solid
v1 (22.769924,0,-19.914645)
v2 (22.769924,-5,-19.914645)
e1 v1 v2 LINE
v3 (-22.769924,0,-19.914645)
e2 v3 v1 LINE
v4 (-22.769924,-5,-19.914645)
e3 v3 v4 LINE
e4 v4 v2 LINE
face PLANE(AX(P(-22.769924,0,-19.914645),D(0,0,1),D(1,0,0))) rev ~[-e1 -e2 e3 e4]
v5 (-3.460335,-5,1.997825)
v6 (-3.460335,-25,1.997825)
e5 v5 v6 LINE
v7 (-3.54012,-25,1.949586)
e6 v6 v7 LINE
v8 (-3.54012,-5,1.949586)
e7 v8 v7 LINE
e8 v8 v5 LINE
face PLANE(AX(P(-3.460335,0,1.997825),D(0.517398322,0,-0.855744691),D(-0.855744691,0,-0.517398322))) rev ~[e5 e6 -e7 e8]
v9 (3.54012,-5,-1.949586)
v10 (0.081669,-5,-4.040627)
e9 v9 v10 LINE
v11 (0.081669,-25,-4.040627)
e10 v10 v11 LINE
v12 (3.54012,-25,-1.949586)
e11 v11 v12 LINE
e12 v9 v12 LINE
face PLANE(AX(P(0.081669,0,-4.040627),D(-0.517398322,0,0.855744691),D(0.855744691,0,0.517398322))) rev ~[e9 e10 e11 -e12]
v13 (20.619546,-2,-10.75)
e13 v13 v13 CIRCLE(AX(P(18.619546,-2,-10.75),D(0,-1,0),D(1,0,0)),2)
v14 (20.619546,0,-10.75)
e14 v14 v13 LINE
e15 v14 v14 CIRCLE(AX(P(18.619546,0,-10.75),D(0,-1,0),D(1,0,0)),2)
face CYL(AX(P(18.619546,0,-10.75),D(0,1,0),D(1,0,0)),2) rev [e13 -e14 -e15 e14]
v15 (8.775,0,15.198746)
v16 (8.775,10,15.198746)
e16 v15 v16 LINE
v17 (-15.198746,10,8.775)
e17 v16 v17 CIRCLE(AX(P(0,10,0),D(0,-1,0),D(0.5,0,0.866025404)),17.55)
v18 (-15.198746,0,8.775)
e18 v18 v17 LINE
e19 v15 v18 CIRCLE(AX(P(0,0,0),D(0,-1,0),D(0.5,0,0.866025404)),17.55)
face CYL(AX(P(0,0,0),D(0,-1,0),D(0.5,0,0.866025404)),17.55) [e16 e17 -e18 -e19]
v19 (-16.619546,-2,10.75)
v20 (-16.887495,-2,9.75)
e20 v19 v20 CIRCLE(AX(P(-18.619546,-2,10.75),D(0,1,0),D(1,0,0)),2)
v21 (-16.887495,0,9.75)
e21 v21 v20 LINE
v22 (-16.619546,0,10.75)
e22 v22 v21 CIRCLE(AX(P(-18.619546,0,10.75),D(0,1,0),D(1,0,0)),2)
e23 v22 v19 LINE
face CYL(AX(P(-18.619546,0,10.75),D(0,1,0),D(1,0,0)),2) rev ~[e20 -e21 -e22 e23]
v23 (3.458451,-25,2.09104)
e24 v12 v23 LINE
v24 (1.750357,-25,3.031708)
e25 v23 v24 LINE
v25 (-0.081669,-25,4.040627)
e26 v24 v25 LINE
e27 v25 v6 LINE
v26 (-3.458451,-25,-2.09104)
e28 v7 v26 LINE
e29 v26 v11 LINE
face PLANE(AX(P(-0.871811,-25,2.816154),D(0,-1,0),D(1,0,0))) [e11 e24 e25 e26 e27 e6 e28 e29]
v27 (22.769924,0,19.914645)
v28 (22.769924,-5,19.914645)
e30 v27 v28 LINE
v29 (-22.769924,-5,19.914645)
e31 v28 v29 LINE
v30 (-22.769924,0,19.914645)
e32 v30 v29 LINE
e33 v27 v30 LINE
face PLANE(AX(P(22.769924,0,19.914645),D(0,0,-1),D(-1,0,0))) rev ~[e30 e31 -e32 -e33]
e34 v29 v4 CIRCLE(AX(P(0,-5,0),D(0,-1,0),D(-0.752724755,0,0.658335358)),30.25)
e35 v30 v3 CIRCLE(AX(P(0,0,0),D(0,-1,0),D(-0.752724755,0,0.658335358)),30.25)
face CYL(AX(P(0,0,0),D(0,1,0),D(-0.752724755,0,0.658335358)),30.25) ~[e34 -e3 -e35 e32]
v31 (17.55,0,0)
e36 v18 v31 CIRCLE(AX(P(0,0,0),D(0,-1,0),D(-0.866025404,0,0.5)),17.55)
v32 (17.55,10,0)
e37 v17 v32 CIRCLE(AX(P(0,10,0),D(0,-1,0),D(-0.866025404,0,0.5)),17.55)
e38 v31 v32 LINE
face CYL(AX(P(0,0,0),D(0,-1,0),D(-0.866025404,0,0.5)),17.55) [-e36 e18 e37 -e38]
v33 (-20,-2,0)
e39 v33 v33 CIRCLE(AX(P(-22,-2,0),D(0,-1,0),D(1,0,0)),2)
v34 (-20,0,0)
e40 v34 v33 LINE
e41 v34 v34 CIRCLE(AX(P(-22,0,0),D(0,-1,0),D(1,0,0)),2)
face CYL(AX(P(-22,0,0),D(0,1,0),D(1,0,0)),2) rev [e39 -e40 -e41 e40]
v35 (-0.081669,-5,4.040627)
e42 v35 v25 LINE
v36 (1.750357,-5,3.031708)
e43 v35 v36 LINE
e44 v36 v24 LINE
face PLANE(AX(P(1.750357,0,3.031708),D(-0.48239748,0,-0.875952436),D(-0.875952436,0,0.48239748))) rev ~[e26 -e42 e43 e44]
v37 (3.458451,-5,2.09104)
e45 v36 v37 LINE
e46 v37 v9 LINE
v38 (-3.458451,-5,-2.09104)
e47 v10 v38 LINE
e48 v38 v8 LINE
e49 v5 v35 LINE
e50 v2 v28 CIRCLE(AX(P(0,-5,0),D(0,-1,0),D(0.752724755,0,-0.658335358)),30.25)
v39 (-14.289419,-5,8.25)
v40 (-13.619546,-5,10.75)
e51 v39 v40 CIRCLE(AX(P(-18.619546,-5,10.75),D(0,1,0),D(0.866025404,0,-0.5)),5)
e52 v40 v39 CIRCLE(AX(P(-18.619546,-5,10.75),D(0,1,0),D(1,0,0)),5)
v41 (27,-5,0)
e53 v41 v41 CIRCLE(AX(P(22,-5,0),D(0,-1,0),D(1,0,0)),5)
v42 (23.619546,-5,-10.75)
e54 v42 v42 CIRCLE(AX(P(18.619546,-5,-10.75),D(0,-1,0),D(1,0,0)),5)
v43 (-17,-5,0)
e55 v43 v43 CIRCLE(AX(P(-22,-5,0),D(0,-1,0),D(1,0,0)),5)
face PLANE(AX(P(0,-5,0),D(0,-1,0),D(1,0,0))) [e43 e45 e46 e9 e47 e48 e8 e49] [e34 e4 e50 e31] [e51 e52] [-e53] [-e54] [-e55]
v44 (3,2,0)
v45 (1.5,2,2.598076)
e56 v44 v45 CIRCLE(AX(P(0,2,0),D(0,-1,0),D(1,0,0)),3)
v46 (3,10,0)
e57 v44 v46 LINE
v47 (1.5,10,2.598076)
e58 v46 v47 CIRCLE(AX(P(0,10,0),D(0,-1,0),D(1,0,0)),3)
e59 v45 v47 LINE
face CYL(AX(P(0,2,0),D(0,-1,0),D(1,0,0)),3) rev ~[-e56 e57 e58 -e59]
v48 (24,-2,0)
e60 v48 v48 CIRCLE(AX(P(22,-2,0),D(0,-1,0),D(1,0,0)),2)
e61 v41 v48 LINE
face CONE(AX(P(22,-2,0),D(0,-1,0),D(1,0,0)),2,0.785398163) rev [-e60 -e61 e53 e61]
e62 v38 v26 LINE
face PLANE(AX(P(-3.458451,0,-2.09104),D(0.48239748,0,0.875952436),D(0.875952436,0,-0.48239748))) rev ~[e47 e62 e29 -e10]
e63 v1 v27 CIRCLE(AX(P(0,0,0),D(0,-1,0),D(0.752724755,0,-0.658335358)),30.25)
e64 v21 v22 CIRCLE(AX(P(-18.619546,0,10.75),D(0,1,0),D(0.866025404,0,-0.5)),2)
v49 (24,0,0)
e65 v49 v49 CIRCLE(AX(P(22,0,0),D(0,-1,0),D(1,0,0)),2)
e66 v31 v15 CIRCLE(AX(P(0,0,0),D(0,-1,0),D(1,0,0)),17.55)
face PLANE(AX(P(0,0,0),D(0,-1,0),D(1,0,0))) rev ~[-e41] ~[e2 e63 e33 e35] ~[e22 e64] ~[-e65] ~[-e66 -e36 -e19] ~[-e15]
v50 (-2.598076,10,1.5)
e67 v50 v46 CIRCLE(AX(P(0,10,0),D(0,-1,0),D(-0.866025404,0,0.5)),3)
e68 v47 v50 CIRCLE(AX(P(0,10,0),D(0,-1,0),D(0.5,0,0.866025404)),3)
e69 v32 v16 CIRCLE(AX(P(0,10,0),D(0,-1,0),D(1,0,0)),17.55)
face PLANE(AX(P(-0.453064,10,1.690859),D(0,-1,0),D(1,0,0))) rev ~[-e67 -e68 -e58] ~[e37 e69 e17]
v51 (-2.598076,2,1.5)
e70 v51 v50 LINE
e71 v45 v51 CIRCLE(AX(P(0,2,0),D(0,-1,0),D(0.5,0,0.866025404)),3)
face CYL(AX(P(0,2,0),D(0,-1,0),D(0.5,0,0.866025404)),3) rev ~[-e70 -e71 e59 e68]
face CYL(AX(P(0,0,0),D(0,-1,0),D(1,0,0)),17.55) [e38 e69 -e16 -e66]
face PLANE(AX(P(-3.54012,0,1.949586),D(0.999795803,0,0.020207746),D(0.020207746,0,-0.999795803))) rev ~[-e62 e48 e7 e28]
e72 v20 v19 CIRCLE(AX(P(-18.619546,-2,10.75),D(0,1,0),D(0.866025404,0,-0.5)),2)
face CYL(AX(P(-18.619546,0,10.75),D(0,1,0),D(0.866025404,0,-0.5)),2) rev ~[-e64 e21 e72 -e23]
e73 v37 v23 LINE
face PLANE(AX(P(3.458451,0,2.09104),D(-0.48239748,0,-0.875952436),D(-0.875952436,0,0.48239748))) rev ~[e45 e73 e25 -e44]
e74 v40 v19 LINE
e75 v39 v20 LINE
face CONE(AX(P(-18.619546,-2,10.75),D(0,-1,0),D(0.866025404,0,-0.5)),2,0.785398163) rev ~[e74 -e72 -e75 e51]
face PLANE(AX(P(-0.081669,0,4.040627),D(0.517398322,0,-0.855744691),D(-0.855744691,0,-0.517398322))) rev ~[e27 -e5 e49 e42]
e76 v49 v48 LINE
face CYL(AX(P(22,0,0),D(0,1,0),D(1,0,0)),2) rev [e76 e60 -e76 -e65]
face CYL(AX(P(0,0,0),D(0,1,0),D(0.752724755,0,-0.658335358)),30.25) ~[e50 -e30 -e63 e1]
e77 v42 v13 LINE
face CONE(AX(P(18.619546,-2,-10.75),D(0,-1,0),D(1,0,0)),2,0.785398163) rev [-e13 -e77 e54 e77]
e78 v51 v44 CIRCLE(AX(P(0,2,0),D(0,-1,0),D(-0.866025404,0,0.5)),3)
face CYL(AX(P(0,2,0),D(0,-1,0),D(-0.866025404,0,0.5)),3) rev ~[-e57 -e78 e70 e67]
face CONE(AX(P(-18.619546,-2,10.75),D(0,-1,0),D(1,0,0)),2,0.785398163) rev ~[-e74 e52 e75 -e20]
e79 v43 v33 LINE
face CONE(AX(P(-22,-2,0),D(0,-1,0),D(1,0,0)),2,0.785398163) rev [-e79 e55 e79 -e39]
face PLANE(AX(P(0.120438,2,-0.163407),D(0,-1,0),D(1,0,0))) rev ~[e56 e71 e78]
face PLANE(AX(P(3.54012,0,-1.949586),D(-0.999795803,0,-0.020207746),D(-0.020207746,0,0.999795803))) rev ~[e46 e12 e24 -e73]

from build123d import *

# Parameters (mm, degrees)
F0_R          = 2
F1_DEPTH      = 5
F2_DEPTH      = 5
F2_DEPTH_BACK = 10
F3_SIZE       = 3
F4_DEPTH      = 25
F5_START      = -2
F5_DEPTH      = 8


with BuildPart() as f1:
    # F0 (on Front) → F1 (new body)
    with BuildSketch(Plane.XZ):
        with BuildLine():
            ThreePointArc((22.7699238258, -19.9146445855), (28.3183041135, -10.6365479426), (30.25, 0))
            ThreePointArc((30.25, 0), (28.3183041135, 10.6365479426), (22.7699238258, 19.9146445855))
            Line((22.7699238258, 19.9146445855), (-22.7699238258, 19.9146445855))
            ThreePointArc((-22.7699238258, 19.9146445855), (-30.25, 0), (-22.7699238258, -19.9146445855))
            Line((-22.7699238258, -19.9146445855), (22.7699238258, -19.9146445855))
        make_face()
        with Locations((18.6195461814, -10.75)):
            Circle(F0_R, mode=Mode.SUBTRACT)
        with Locations((-22, 0)):
            Circle(F0_R, mode=Mode.SUBTRACT)
        with BuildLine():
            ThreePointArc((-16.6195461814, 10.75), (-16.6876945288, 10.2323619098), (-16.8874953738, 9.75))
            ThreePointArc((-16.8874953738, 9.75), (-20.5513978339, 11.2676380902), (-16.6195461814, 10.75))
        make_face(mode=Mode.SUBTRACT)
        with BuildLine():
            ThreePointArc((8.775, 15.1987458364), (15.1987458364, 8.775), (17.55, 0))
            ThreePointArc((17.55, 0), (-4.5422742415, -16.9519982514), (-15.1987458364, 8.775))
            ThreePointArc((-15.1987458364, 8.775), (-4.5422742415, 16.9519982514), (8.775, 15.1987458364))
        make_face(mode=Mode.SUBTRACT)
        with Locations((22, 0)):
            Circle(F0_R, mode=Mode.SUBTRACT)
        with BuildLine():
            ThreePointArc((-15.1987458364, 8.775), (-4.5422742415, -16.9519982514), (17.55, 0))
            ThreePointArc((17.55, 0), (15.1987458364, 8.775), (8.775, 15.1987458364))
            Line((8.775, 15.1987458364), (1.7503574183, 3.0317079799))
            Line((1.7503574183, 3.0317079799), (3.4584509937, 2.0910404247))
            Line((3.4584509937, 2.0910404247), (3.540119625, -1.9495862059))
            Line((3.540119625, -1.9495862059), (0.0816686313, -4.0406266306))
            Line((0.0816686313, -4.0406266306), (-3.4584509937, -2.0910404247))
            Line((-3.4584509937, -2.0910404247), (-3.540119625, 1.9495862059))
            Line((-3.540119625, 1.9495862059), (-3.4603350445, 1.9978253694))
            Line((-3.4603350445, 1.9978253694), (-15.1987458364, 8.775))
        make_face()
        with BuildLine():
            Line((1.7503574183, 3.0317079799), (8.775, 15.1987458364))
            ThreePointArc((8.775, 15.1987458364), (-4.5422742415, 16.9519982514), (-15.1987458364, 8.775))
            Line((-15.1987458364, 8.775), (-3.4603350445, 1.9978253694))
            Line((-3.4603350445, 1.9978253694), (-0.0816686313, 4.0406266306))
            Line((-0.0816686313, 4.0406266306), (1.7503574183, 3.0317079799))
        make_face()
        with BuildLine():
            Line((3.4584509937, 2.0910404247), (1.7503574183, 3.0317079799))
            Line((1.7503574183, 3.0317079799), (1.5, 2.5980762114))
            ThreePointArc((1.5, 2.5980762114), (2.5980762114, 1.5), (3, 0))
            ThreePointArc((3, 0), (-0.7764571353, -2.8977774789), (-2.5980762114, 1.5))
            Line((-2.5980762114, 1.5), (-3.4603350445, 1.9978253694))
            Line((-3.4603350445, 1.9978253694), (-3.540119625, 1.9495862059))
            Line((-3.540119625, 1.9495862059), (-3.4584509937, -2.0910404247))
            Line((-3.4584509937, -2.0910404247), (0.0816686313, -4.0406266306))
            Line((0.0816686313, -4.0406266306), (3.540119625, -1.9495862059))
            Line((3.540119625, -1.9495862059), (3.4584509937, 2.0910404247))
        make_face()
        with BuildLine():
            Line((0, 0), (1.5, 2.5980762114))
            ThreePointArc((1.5, 2.5980762114), (-0.7764571353, 2.8977774789), (-2.5980762114, 1.5))
            Line((-2.5980762114, 1.5), (0, 0))
        make_face()
        with BuildLine():
            Line((1.5, 2.5980762114), (1.7503574183, 3.0317079799))
            Line((1.7503574183, 3.0317079799), (-0.0816686313, 4.0406266306))
            Line((-0.0816686313, 4.0406266306), (-3.4603350445, 1.9978253694))
            Line((-3.4603350445, 1.9978253694), (-2.5980762114, 1.5))
            ThreePointArc((-2.5980762114, 1.5), (-0.7764571353, 2.8977774789), (1.5, 2.5980762114))
        make_face()
        with BuildLine():
            ThreePointArc((3, 0), (2.5980762114, 1.5), (1.5, 2.5980762114))
            Line((1.5, 2.5980762114), (0, 0))
            Line((0, 0), (-2.5980762114, 1.5))
            ThreePointArc((-2.5980762114, 1.5), (-0.7764571353, -2.8977774789), (3, 0))
        make_face()
    extrude(amount=F1_DEPTH)

    # F0 (on Front) → F2 (join, two sides)
    with BuildSketch(Plane.XZ) as f2_sk:
        with BuildLine():
            Line((0, 0), (1.5, 2.5980762114))
            ThreePointArc((1.5, 2.5980762114), (-0.7764571353, 2.8977774789), (-2.5980762114, 1.5))
            Line((-2.5980762114, 1.5), (0, 0))
        make_face()
        with BuildLine():
            ThreePointArc((3, 0), (2.5980762114, 1.5), (1.5, 2.5980762114))
            Line((1.5, 2.5980762114), (0, 0))
            Line((0, 0), (-2.5980762114, 1.5))
            ThreePointArc((-2.5980762114, 1.5), (-0.7764571353, -2.8977774789), (3, 0))
        make_face()
        with BuildLine():
            Line((3.4584509937, 2.0910404247), (1.7503574183, 3.0317079799))
            Line((1.7503574183, 3.0317079799), (1.5, 2.5980762114))
            ThreePointArc((1.5, 2.5980762114), (2.5980762114, 1.5), (3, 0))
            ThreePointArc((3, 0), (-0.7764571353, -2.8977774789), (-2.5980762114, 1.5))
            Line((-2.5980762114, 1.5), (-3.4603350445, 1.9978253694))
            Line((-3.4603350445, 1.9978253694), (-3.540119625, 1.9495862059))
            Line((-3.540119625, 1.9495862059), (-3.4584509937, -2.0910404247))
            Line((-3.4584509937, -2.0910404247), (0.0816686313, -4.0406266306))
            Line((0.0816686313, -4.0406266306), (3.540119625, -1.9495862059))
            Line((3.540119625, -1.9495862059), (3.4584509937, 2.0910404247))
        make_face()
        with BuildLine():
            Line((1.5, 2.5980762114), (1.7503574183, 3.0317079799))
            Line((1.7503574183, 3.0317079799), (-0.0816686313, 4.0406266306))
            Line((-0.0816686313, 4.0406266306), (-3.4603350445, 1.9978253694))
            Line((-3.4603350445, 1.9978253694), (-2.5980762114, 1.5))
            ThreePointArc((-2.5980762114, 1.5), (-0.7764571353, 2.8977774789), (1.5, 2.5980762114))
        make_face()
        with BuildLine():
            ThreePointArc((-15.1987458364, 8.775), (-4.5422742415, -16.9519982514), (17.55, 0))
            ThreePointArc((17.55, 0), (15.1987458364, 8.775), (8.775, 15.1987458364))
            Line((8.775, 15.1987458364), (1.7503574183, 3.0317079799))
            Line((1.7503574183, 3.0317079799), (3.4584509937, 2.0910404247))
            Line((3.4584509937, 2.0910404247), (3.540119625, -1.9495862059))
            Line((3.540119625, -1.9495862059), (0.0816686313, -4.0406266306))
            Line((0.0816686313, -4.0406266306), (-3.4584509937, -2.0910404247))
            Line((-3.4584509937, -2.0910404247), (-3.540119625, 1.9495862059))
            Line((-3.540119625, 1.9495862059), (-3.4603350445, 1.9978253694))
            Line((-3.4603350445, 1.9978253694), (-15.1987458364, 8.775))
        make_face()
        with BuildLine():
            Line((1.7503574183, 3.0317079799), (8.775, 15.1987458364))
            ThreePointArc((8.775, 15.1987458364), (-4.5422742415, 16.9519982514), (-15.1987458364, 8.775))
            Line((-15.1987458364, 8.775), (-3.4603350445, 1.9978253694))
            Line((-3.4603350445, 1.9978253694), (-0.0816686313, 4.0406266306))
            Line((-0.0816686313, 4.0406266306), (1.7503574183, 3.0317079799))
        make_face()
    extrude(amount=F2_DEPTH)
    extrude(f2_sk.sketch, amount=-F2_DEPTH_BACK)

    # F3
    f3_edges = [f1.edges().sort_by_distance(p)[0] for p in [
        (-20.619546, -5, 10.75),
        (16.619546, -5, -10.75),
        (20, -5, 0),
        (-24, -5, 0),
    ]]
    chamfer(f3_edges, length=F3_SIZE)

    # F0 (on Front) → F4 (join)
    with BuildSketch(Plane.XZ):
        with BuildLine():
            Line((1.5, 2.5980762114), (1.7503574183, 3.0317079799))
            Line((1.7503574183, 3.0317079799), (-0.0816686313, 4.0406266306))
            Line((-0.0816686313, 4.0406266306), (-3.4603350445, 1.9978253694))
            Line((-3.4603350445, 1.9978253694), (-2.5980762114, 1.5))
            ThreePointArc((-2.5980762114, 1.5), (-0.7764571353, 2.8977774789), (1.5, 2.5980762114))
        make_face()
        with BuildLine():
            Line((3.4584509937, 2.0910404247), (1.7503574183, 3.0317079799))
            Line((1.7503574183, 3.0317079799), (1.5, 2.5980762114))
            ThreePointArc((1.5, 2.5980762114), (2.5980762114, 1.5), (3, 0))
            ThreePointArc((3, 0), (-0.7764571353, -2.8977774789), (-2.5980762114, 1.5))
            Line((-2.5980762114, 1.5), (-3.4603350445, 1.9978253694))
            Line((-3.4603350445, 1.9978253694), (-3.540119625, 1.9495862059))
            Line((-3.540119625, 1.9495862059), (-3.4584509937, -2.0910404247))
            Line((-3.4584509937, -2.0910404247), (0.0816686313, -4.0406266306))
            Line((0.0816686313, -4.0406266306), (3.540119625, -1.9495862059))
            Line((3.540119625, -1.9495862059), (3.4584509937, 2.0910404247))
        make_face()
        with BuildLine():
            ThreePointArc((3, 0), (2.5980762114, 1.5), (1.5, 2.5980762114))
            Line((1.5, 2.5980762114), (0, 0))
            Line((0, 0), (-2.5980762114, 1.5))
            ThreePointArc((-2.5980762114, 1.5), (-0.7764571353, -2.8977774789), (3, 0))
        make_face()
        with BuildLine():
            Line((0, 0), (1.5, 2.5980762114))
            ThreePointArc((1.5, 2.5980762114), (-0.7764571353, 2.8977774789), (-2.5980762114, 1.5))
            Line((-2.5980762114, 1.5), (0, 0))
        make_face()
    extrude(amount=F4_DEPTH)

    # F0 (on Front) → F5 (cut)
    with BuildSketch(Plane.XZ.offset(F5_START)):
        with BuildLine():
            ThreePointArc((3, 0), (2.5980762114, 1.5), (1.5, 2.5980762114))
            Line((1.5, 2.5980762114), (0, 0))
            Line((0, 0), (-2.5980762114, 1.5))
            ThreePointArc((-2.5980762114, 1.5), (-0.7764571353, -2.8977774789), (3, 0))
        make_face()
        with BuildLine():
            Line((0, 0), (1.5, 2.5980762114))
            ThreePointArc((1.5, 2.5980762114), (-0.7764571353, 2.8977774789), (-2.5980762114, 1.5))
            Line((-2.5980762114, 1.5), (0, 0))
        make_face()
    extrude(amount=-F5_DEPTH, mode=Mode.SUBTRACT)


solid = f1.part
